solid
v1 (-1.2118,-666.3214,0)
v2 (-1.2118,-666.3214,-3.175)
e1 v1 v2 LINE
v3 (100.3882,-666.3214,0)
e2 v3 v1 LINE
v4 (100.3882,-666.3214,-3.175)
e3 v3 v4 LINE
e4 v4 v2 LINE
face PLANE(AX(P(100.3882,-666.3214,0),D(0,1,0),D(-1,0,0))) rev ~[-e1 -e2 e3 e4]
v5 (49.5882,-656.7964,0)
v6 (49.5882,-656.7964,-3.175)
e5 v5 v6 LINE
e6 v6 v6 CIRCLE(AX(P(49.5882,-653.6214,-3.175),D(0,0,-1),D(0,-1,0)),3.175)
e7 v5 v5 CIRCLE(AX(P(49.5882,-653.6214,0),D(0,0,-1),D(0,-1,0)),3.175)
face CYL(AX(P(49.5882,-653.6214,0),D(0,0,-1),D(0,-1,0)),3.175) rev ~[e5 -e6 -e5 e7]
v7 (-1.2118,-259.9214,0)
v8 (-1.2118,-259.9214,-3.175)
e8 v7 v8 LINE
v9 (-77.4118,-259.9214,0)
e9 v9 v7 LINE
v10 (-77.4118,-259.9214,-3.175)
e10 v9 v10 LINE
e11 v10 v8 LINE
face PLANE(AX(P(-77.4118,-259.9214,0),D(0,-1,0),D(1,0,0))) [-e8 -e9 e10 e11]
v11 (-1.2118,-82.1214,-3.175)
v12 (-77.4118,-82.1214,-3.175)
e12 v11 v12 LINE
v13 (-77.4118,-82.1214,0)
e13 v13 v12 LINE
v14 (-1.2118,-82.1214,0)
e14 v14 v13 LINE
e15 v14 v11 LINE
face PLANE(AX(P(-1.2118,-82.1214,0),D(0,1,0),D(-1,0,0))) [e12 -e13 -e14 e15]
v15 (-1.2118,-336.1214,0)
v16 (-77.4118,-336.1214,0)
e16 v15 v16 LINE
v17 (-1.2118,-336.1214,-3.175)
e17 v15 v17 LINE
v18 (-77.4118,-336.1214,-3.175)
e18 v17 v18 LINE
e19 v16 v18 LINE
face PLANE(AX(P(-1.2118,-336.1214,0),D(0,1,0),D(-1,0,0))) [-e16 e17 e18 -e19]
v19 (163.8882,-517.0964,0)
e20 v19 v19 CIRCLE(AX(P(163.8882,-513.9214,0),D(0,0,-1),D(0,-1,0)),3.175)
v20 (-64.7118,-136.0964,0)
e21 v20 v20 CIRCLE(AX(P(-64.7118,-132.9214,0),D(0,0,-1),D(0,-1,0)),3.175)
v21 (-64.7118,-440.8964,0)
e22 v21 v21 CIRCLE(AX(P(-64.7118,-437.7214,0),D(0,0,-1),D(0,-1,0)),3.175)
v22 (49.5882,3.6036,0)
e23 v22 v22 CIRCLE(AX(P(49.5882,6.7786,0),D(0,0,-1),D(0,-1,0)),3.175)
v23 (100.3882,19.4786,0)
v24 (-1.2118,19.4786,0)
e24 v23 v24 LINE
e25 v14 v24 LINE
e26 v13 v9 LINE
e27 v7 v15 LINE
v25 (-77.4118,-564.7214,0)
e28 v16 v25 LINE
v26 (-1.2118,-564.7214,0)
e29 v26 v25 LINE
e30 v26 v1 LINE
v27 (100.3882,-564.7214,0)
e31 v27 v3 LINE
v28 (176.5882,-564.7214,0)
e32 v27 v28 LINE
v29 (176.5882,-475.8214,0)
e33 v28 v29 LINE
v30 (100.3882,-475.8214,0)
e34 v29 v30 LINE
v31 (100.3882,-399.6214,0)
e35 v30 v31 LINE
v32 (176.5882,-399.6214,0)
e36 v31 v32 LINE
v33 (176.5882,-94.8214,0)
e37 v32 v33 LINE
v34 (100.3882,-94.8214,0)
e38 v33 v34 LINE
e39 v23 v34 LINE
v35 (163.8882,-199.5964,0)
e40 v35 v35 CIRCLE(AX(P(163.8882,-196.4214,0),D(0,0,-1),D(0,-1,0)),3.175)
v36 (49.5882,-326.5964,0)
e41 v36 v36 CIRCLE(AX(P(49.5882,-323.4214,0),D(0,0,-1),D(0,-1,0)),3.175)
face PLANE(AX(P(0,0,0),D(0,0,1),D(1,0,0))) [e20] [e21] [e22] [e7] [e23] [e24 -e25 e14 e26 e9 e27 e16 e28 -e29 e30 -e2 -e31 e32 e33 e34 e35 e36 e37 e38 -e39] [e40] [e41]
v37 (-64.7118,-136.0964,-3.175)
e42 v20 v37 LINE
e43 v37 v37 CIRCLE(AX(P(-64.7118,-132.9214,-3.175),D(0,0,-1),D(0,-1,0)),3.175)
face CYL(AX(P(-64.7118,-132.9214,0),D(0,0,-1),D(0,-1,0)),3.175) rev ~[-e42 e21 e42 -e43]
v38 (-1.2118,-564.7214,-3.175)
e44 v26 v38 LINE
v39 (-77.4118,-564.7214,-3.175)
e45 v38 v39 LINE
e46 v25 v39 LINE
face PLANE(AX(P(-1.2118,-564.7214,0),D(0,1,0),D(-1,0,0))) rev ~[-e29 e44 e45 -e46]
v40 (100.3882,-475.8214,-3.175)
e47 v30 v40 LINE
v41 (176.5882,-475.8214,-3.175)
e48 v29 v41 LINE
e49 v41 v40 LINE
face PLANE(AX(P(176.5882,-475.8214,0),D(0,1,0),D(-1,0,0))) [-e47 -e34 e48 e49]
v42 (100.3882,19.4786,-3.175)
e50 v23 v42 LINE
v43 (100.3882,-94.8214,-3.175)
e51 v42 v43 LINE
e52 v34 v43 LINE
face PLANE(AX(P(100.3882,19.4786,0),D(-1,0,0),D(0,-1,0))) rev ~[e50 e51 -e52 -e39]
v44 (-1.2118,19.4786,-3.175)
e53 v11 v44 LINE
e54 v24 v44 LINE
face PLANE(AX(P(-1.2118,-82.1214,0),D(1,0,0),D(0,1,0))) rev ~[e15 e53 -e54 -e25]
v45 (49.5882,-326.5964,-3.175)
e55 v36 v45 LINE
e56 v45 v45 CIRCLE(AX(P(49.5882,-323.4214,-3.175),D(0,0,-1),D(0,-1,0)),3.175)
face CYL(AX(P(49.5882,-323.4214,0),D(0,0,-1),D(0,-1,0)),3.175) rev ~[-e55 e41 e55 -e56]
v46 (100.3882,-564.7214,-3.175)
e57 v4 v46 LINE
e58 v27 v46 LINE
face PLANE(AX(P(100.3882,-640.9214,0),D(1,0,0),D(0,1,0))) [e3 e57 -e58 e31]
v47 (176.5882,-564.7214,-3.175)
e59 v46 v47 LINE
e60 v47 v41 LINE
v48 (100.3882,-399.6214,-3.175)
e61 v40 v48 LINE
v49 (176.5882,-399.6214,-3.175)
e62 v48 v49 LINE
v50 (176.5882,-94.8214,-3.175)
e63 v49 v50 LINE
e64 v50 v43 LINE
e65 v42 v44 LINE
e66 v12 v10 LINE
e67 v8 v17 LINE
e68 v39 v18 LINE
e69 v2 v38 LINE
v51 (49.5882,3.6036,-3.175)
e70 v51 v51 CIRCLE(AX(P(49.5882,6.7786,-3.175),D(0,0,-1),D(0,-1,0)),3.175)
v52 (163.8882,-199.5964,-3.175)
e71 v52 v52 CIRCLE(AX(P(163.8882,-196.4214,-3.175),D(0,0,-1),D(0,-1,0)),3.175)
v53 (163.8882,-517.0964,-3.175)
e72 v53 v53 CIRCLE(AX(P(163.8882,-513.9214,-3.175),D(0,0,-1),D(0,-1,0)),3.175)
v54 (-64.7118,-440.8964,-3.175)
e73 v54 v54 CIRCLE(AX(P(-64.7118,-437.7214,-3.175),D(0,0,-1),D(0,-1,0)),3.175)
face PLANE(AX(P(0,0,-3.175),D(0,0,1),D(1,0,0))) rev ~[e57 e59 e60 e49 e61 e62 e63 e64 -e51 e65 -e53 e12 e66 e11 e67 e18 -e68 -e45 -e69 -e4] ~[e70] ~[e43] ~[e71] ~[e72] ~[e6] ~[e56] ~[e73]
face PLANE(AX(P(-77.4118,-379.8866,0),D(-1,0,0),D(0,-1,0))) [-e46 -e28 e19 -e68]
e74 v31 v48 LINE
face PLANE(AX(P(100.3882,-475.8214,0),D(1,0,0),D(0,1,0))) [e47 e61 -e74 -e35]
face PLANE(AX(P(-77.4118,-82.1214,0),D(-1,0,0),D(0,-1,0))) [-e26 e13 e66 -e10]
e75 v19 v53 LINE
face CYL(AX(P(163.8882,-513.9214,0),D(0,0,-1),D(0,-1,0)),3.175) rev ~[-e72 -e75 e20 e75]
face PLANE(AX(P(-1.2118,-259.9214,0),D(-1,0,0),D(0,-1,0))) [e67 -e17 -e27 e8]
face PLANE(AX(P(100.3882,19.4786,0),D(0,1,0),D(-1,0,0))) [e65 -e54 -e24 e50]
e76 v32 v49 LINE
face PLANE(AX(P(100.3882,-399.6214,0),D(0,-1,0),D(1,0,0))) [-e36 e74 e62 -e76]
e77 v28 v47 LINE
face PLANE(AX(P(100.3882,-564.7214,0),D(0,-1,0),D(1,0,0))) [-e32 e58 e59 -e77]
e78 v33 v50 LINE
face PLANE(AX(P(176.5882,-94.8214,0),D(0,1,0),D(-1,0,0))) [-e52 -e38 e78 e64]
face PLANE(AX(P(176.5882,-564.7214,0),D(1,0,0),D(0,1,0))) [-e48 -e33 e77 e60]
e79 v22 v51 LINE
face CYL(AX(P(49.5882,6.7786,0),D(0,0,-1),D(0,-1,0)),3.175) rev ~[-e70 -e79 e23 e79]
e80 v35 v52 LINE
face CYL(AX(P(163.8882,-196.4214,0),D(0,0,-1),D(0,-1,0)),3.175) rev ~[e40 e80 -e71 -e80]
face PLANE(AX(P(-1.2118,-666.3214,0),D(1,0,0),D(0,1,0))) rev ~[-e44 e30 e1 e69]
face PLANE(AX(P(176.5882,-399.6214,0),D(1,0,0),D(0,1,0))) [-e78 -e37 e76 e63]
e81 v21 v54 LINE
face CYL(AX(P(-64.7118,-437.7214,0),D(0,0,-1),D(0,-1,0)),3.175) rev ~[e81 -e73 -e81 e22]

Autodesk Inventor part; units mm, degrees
ref_plane "YZ Plane" through (0, 0, 0) normal (1, 0, 0) x (0, 1, 0)
ref_plane "XZ Plane" through (0, 0, 0) normal (0, 1, 0) x (-1, 0, 0)
ref_plane "XY Plane" through (0, 0, 0) normal (0, 0, 1) x (1, 0, 0)
sketch "Sketch1" plane through (0, 0, 0) normal (0, 0, 1) x (1, 0, 0)
  line L0 (176.5882, -640.9214) -> (176.5882, 349.6786)
  line L1 (-77.4118, 349.6786) -> (-77.4118, -640.9214)
  line L2 (100.3882, -640.9214) -> (100.3882, -564.7214)
  line L3 (100.3882, -564.7214) -> (176.5882, -564.7214)
  line L4 (176.5882, -475.8214) -> (100.3882, -475.8214)
  line L5 (100.3882, -475.8214) -> (100.3882, -399.6214)
  line L6 (100.3882, -399.6214) -> (176.5882, -399.6214)
  line L7 (176.5882, -399.6214) -> (176.5882, -475.8214)
  line L8 (176.5882, -94.8214) -> (100.3882, -94.8214)
  line L9 (176.5882, 70.2786) -> (176.5882, -94.8214)
  line L10 (-77.4118, 8.6504) -> (-77.4118, 88.2844)
  line L11 (-77.4118, -379.8866) -> (-77.4118, -294.668)
  line L12 (-77.4118, -640.9214) -> (-1.2118, -640.9214)
  line L13 (-1.2118, -640.9214) -> (-1.2118, -564.7214)
  line L14 (-1.2118, -564.7214) -> (-77.4118, -564.7214)
  line L15 (-77.4118, -564.7214) -> (-77.4118, -640.9214)
  line L16 (-77.4118, -259.9214) -> (-1.2118, -259.9214)
  line L17 (-1.2118, -259.9214) -> (-1.2118, -336.1214)
  line L18 (-1.2118, -336.1214) -> (-77.4118, -336.1214)
  line L19 (-77.4118, -336.1214) -> (-77.4118, -259.9214)
  line L20 (-1.2118, -82.1214) -> (-1.2118, 19.4786)
  line L21 (-77.4118, 19.4786) -> (-77.4118, 19.4786)
  line L22 (100.3882, -640.9214) -> (100.3882, -666.3214)
  line L23 (100.3882, -666.3214) -> (-1.2118, -666.3214)
  line L24 (-1.2118, -666.3214) -> (-1.2118, -640.9214)
  line L25 (-1.2118, -82.1214) -> (-77.4118, -82.1214)
  line L26 (100.3882, 19.4786) -> (100.3882, -94.8214)
  line L27 (100.3882, 19.4786) -> (-1.2118, 19.4786)
  point P0 (0, 0)
  point P1 (49.5882, -323.4214)
  point P2 (-64.7118, -437.7214)
  point P3 (-64.7118, -132.9214)
  point P4 (163.8882, -196.4214)
  point P5 (163.8882, -513.9214)
  point P6 (49.5882, -653.6214)
  point P7 (49.5882, 6.7786)
  dimension "d1" = 990.6
  dimension "d2" = 76.2
  dimension "d3" = 76.2
  dimension "d4" = 76.2
  dimension "d5" = 76.2
  dimension "d6" = 88.9
  dimension "d7" = 304.8
  dimension "d14" = 76.2
  dimension "d15" = 76.2
  dimension "d16" = 76.2
  dimension "d17" = 76.2
  dimension "d18" = 63.5
  dimension "d19" = 101.6
  dimension "d20" = 76.2
  dimension "d29" = 12.7
  dimension "d30" = 12.7
  dimension "d31" = 127
  dimension "d32" = 101.6
  dimension "d33" = 12.7
  dimension "d34" = 12.7
  dimension "d35" = 101.6
  dimension "d36" = 38.1
  dimension "d37" = 25.4
  dimension "d38" = 101.6
  dimension "d49" = 101.6
  dimension "d50" = 114.3
  dimension "d51" = 76.2
  dimension "d52" = 76.2
extrude "Extrusion1" add sketch "Sketch1" against normal blind 3.175 contours L3 L2 L22 L23 L24 L13 L14 L1 L18 L17 L16 L25 L20 L27 L26 L8 L0 L6 L5 L4
hole "Hole1" at (49.5882, -323.4214, 0) at (-64.7118, -437.7214, 0) at (-64.7118, -132.9214, 0) at (163.8882, -196.4214, 0) at (163.8882, -513.9214, 0) at (49.5882, -653.6214, 0) at (49.5882, 6.7786, 0) direction (0, 0, -1) diameter 6.35 depth 25.4 tip angle 118
properties part number "medium tower walls"
